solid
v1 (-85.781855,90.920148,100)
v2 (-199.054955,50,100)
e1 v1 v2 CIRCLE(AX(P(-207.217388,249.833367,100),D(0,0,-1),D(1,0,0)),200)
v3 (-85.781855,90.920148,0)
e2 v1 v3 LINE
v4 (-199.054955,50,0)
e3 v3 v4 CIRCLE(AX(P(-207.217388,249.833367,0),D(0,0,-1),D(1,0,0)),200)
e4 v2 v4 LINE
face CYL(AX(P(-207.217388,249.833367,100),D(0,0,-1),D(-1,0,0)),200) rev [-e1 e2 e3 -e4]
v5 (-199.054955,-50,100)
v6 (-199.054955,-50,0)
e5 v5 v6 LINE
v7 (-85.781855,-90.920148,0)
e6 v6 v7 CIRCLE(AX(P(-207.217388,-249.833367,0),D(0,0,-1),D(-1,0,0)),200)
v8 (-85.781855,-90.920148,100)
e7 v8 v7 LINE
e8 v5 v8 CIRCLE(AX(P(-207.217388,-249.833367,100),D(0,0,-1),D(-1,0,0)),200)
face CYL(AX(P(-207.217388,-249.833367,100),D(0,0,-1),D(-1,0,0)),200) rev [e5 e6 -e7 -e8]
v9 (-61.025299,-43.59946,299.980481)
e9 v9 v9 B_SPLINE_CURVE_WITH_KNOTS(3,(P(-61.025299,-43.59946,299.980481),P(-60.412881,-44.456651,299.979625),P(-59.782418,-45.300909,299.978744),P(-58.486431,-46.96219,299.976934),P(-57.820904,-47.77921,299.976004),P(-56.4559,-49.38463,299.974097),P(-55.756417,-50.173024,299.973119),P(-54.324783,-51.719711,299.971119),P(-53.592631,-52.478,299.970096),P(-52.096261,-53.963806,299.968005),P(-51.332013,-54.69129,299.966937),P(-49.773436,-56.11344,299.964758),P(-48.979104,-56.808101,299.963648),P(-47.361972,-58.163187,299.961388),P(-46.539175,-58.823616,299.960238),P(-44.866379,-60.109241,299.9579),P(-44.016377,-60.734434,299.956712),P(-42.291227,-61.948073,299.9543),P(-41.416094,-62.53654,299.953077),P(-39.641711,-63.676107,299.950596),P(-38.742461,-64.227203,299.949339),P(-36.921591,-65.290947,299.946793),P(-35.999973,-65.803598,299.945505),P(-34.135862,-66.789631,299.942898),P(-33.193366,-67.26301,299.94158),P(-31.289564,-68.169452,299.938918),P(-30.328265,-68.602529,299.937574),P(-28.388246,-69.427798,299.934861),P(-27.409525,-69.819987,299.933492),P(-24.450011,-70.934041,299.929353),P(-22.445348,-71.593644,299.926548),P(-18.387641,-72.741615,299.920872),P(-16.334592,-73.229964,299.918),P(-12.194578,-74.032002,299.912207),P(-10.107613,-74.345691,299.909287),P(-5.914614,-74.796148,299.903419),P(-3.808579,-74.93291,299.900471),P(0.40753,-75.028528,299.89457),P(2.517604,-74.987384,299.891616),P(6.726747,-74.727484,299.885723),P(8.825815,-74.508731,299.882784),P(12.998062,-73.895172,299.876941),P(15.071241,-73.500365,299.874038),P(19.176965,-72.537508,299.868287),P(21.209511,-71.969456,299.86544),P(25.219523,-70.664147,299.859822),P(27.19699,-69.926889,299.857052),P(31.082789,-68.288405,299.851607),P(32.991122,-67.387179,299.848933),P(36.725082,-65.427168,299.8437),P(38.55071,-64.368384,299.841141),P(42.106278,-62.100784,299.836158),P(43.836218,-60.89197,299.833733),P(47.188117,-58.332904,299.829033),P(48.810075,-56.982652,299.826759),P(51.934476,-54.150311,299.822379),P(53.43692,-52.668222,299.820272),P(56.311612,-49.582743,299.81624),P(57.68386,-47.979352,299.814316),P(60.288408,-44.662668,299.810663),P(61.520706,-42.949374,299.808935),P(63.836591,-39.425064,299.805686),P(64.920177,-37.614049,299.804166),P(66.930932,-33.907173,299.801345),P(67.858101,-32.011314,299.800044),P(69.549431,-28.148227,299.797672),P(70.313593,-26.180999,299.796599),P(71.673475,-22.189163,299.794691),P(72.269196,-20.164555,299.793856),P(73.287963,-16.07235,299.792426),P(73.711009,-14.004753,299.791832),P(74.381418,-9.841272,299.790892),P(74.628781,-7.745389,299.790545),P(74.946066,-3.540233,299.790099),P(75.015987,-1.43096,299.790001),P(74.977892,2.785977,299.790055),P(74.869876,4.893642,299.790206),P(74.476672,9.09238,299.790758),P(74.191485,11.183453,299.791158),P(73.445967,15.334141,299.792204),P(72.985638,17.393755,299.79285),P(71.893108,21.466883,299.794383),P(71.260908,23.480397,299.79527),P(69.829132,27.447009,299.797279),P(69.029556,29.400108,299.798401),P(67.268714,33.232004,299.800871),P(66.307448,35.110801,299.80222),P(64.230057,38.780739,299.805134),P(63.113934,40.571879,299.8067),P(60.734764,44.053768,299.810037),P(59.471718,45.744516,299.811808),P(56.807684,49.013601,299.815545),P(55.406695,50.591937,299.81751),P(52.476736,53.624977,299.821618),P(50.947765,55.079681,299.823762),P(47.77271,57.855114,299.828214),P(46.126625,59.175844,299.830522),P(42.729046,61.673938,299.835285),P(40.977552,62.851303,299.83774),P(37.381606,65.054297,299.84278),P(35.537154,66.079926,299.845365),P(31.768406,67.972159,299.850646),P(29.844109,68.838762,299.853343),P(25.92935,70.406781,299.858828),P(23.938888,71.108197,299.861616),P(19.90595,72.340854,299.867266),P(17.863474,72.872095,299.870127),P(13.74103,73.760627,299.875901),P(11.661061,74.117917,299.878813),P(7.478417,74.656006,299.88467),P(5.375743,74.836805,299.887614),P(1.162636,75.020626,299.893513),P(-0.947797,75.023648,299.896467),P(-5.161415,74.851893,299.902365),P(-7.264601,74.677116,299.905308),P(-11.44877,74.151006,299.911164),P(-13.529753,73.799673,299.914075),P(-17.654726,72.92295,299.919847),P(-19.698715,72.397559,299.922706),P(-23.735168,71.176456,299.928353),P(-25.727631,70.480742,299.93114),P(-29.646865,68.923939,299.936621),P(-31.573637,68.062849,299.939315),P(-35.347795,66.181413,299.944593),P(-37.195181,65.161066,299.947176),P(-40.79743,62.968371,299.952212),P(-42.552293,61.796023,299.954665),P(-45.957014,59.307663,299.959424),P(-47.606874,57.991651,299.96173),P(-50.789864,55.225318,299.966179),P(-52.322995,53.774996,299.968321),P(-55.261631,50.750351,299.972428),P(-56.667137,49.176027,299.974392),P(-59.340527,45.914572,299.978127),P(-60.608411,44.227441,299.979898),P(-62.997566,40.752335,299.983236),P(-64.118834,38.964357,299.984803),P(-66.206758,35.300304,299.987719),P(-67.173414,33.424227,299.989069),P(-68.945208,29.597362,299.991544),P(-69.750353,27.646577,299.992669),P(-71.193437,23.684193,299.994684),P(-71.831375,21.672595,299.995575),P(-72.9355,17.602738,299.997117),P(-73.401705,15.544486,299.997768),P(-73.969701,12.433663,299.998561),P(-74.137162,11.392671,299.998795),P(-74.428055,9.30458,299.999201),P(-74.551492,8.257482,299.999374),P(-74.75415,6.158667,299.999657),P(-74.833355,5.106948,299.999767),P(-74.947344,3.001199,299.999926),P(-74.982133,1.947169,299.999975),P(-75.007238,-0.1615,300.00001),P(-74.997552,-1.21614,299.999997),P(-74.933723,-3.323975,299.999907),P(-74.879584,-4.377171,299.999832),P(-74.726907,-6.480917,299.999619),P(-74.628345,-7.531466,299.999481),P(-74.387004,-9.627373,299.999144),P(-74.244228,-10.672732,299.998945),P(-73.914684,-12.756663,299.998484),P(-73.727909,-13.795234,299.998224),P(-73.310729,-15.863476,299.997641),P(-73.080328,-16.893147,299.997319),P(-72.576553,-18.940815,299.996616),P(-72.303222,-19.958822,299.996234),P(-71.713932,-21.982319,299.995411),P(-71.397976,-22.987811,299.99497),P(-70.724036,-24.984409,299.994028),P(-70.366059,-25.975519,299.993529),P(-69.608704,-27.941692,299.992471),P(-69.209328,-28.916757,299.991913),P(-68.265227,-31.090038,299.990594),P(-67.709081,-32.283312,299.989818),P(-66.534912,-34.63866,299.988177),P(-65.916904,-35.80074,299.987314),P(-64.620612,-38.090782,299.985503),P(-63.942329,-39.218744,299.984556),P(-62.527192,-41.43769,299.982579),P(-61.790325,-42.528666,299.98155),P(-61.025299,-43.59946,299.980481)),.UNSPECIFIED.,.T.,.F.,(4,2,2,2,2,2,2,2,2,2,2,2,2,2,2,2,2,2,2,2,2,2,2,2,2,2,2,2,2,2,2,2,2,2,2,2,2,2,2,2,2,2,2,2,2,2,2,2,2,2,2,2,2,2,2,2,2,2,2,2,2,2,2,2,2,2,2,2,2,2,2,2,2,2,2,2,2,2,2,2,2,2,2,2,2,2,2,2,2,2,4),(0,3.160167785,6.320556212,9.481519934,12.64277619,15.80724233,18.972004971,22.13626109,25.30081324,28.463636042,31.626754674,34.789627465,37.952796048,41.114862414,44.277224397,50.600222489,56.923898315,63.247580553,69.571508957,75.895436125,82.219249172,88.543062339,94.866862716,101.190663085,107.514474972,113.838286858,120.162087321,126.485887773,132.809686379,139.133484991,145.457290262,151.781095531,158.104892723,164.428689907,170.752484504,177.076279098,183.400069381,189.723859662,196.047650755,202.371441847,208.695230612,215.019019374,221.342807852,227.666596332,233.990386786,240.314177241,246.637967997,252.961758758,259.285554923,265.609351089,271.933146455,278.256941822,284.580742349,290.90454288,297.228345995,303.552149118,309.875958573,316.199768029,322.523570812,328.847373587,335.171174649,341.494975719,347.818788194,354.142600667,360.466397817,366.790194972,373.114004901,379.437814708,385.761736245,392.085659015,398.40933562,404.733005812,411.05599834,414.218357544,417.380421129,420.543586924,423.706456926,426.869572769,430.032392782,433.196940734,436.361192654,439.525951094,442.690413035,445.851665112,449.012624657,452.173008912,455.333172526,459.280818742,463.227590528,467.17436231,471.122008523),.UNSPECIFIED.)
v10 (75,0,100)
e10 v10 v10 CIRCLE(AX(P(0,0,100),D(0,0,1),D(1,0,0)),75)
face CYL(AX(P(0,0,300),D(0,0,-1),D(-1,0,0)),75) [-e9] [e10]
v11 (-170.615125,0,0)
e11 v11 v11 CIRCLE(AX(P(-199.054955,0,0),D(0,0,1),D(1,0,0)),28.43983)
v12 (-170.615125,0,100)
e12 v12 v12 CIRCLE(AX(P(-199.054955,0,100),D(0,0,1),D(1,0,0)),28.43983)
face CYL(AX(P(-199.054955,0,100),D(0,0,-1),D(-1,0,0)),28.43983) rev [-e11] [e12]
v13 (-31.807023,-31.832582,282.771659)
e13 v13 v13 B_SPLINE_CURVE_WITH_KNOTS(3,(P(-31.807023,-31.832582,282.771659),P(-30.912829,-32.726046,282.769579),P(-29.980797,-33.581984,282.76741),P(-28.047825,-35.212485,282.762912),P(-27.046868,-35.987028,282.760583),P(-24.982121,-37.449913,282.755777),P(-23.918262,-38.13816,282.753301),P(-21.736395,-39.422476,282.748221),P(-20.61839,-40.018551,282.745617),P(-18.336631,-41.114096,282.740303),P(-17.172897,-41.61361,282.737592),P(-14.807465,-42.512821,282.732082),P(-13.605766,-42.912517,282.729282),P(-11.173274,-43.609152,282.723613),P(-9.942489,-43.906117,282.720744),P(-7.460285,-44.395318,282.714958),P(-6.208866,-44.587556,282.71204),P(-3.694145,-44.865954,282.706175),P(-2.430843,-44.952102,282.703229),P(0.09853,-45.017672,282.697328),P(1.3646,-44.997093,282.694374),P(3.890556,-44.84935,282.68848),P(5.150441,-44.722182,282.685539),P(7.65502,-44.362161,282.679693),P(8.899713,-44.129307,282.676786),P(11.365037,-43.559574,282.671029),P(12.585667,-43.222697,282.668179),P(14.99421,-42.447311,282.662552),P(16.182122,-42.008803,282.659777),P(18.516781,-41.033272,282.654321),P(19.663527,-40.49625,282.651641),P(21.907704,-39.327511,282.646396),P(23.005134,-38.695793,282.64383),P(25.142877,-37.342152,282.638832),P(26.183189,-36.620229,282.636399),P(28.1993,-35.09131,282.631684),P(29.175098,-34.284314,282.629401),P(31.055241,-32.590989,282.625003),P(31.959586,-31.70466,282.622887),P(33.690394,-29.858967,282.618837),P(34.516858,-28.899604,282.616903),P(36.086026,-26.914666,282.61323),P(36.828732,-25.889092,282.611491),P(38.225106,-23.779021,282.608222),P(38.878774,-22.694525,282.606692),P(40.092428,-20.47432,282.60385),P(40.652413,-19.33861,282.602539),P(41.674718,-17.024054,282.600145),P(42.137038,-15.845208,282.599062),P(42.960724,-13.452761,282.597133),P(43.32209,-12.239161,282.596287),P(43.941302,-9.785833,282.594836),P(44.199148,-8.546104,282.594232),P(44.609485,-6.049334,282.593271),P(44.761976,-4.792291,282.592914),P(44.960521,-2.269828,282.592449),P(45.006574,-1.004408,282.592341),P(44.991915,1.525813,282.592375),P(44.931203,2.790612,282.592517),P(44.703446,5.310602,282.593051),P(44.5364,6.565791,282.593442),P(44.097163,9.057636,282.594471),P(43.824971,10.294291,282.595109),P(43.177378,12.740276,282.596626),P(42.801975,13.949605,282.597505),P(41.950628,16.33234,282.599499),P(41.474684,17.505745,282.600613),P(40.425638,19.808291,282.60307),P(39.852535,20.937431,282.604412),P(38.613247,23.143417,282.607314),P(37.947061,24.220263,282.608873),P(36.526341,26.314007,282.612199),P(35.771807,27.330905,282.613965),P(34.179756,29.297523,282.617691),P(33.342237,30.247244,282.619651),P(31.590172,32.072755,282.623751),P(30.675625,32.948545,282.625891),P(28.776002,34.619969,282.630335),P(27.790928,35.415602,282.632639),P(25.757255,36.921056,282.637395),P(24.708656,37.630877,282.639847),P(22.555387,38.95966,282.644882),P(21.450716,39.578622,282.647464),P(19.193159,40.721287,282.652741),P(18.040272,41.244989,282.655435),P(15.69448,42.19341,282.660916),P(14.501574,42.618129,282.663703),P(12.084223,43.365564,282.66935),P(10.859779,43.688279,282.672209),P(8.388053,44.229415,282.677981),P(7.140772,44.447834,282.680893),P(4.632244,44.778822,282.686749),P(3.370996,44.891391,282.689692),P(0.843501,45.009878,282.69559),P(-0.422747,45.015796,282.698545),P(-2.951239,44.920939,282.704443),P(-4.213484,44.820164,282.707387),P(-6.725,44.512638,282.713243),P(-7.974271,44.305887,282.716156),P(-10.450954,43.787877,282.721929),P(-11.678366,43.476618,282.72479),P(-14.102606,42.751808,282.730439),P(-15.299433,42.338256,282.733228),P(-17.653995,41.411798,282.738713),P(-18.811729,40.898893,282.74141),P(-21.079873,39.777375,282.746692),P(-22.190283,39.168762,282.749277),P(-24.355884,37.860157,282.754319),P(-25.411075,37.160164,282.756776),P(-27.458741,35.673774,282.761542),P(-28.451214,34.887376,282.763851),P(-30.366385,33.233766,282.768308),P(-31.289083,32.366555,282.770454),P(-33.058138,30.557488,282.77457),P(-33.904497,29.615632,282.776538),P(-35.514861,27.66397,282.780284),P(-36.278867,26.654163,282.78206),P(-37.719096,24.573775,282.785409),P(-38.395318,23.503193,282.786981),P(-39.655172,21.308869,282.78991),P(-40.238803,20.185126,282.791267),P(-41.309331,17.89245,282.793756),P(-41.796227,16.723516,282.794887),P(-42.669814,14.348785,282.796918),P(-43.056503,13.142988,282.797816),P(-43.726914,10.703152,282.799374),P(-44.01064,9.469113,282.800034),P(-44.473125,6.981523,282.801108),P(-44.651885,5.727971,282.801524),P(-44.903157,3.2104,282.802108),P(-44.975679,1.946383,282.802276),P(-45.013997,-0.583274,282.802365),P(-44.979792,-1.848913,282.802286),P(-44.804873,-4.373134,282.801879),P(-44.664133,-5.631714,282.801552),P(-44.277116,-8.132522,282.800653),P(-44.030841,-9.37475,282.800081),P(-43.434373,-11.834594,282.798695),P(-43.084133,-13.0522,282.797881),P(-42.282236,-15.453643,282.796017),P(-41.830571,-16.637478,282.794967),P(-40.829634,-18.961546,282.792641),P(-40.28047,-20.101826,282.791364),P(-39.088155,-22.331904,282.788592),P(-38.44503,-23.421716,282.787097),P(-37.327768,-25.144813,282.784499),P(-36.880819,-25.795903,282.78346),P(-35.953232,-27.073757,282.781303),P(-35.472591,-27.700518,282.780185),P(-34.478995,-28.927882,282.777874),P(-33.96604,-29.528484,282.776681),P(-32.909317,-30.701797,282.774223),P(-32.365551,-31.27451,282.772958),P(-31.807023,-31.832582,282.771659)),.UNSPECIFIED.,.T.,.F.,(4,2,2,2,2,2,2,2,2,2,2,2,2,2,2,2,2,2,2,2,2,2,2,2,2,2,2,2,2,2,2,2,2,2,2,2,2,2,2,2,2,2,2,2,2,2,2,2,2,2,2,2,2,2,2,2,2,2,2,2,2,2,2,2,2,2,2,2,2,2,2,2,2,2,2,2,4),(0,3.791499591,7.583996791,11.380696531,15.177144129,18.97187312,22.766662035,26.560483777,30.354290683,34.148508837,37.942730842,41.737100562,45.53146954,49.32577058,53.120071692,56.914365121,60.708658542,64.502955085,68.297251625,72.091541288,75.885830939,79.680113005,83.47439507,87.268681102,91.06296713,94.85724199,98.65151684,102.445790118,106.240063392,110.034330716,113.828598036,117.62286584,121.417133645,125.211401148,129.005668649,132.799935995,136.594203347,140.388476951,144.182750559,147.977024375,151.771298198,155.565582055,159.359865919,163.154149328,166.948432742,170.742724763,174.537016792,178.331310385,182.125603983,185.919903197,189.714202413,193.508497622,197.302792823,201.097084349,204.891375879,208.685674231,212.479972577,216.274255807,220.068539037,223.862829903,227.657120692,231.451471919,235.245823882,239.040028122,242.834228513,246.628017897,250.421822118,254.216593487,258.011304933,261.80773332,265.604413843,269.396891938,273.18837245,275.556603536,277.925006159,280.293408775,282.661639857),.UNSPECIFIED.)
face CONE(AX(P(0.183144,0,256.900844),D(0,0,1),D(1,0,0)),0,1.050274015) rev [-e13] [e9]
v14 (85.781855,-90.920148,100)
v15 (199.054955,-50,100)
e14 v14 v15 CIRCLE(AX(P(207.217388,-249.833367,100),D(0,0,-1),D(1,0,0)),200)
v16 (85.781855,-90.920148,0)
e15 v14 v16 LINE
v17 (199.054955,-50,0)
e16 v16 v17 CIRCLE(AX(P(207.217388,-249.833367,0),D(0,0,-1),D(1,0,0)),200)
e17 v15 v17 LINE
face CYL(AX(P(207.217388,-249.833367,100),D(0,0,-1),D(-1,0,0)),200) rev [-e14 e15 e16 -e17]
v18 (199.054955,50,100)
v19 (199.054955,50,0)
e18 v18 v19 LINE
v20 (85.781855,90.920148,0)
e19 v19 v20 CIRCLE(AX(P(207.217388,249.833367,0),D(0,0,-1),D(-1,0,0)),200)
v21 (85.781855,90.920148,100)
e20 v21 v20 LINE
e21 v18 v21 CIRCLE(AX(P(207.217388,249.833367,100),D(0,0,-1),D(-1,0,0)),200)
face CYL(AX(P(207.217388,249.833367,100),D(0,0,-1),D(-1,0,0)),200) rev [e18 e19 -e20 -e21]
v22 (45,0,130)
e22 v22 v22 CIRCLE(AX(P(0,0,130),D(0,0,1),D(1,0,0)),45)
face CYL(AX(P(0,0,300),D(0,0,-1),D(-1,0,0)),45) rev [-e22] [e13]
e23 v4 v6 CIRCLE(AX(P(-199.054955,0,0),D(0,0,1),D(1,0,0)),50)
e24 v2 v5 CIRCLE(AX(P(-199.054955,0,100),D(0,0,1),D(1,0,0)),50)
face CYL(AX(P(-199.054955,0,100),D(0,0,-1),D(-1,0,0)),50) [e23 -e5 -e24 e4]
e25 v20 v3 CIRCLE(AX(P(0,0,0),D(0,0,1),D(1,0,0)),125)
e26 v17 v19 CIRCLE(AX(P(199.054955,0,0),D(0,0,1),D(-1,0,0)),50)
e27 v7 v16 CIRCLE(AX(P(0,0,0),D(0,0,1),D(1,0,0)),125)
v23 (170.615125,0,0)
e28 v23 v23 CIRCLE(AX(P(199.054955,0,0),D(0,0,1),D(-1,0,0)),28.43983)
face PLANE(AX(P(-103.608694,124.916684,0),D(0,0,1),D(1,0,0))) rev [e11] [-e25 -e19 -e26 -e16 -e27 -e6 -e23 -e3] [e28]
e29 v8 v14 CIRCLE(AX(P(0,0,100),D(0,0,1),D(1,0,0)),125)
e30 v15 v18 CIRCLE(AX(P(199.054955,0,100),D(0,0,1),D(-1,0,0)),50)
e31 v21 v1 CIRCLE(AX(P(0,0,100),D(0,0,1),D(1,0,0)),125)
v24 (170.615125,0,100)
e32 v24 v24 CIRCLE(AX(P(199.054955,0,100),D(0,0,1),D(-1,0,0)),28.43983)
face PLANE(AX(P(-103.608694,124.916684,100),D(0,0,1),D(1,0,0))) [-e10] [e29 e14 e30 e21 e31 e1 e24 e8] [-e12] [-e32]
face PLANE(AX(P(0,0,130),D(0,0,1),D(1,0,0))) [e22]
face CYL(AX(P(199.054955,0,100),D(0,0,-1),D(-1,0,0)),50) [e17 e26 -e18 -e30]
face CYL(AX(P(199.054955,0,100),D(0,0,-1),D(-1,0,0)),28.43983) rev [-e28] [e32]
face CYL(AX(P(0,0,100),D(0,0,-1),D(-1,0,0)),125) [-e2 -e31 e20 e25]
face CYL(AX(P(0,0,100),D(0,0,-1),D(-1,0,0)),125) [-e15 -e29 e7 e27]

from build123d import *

# Parameters (mm, degrees)
SKETCH1_R           = 28.439830306
BOSS_EXTRUDE1_DEPTH = 100
SKETCH2_R           = 75
BOSS_EXTRUDE2_DEPTH = 200
SHELL2_T            = -30


with BuildPart() as part:
    # Sketch1 → Boss-Extrude1 (new body)
    with BuildSketch(Plane.XY):
        with BuildLine():
            ThreePointArc((-85.781855353, -90.920147889), (0, -125), (85.781855353, -90.920147889))
            ThreePointArc((85.781855353, -90.920147889), (139.265031386, -61.731062237), (199.054955441, -50))
            ThreePointArc((199.054955441, -50), (249.054955441, 0), (199.054955441, 50))
            ThreePointArc((199.054955441, 50), (139.265031386, 61.731062237), (85.781855353, 90.920147889))
            ThreePointArc((85.781855353, 90.920147889), (0, 125), (-85.781855353, 90.920147889))
            ThreePointArc((-85.781855353, 90.920147889), (-139.265031386, 61.731062237), (-199.054955441, 50))
            ThreePointArc((-199.054955441, 50), (-249.054955441, 0), (-199.054955441, -50))
            ThreePointArc((-199.054955441, -50), (-139.265031386, -61.731062237), (-85.781855353, -90.920147889))
        make_face()
        with Locations((-199.054955441, 0)):
            Circle(SKETCH1_R, mode=Mode.SUBTRACT)
        with Locations((199.054955441, 0)):
            Circle(SKETCH1_R, mode=Mode.SUBTRACT)
    extrude(amount=BOSS_EXTRUDE1_DEPTH)


with BuildPart() as body_2:
    # Sketch2 → Boss-Extrude2 (new body)
    with BuildSketch(Plane.XY.offset(100)):
        Circle(SKETCH2_R)
    extrude(amount=BOSS_EXTRUDE2_DEPTH)

    # Shell2
    shell2_openings = [body_2.faces().sort_by_distance(p)[0] for p in [
        (0, 0, 300),
    ]]
    offset(amount=SHELL2_T, openings=shell2_openings, kind=Kind.INTERSECTION)

    # Combine1: union part
    add(part.part)

    # Sketch4 → Cut-Revolve1 (revolve, cut)
    with BuildSketch(Plane(origin=(0, 0, 0), x_dir=(1, 0, 0), z_dir=(0, 1, 0))):
        Polygon((0.183143778, -256.900843522), (-75, -300), (0.183143778, -300), align=None)
    revolve(axis=Axis((0.183143778, 0, 300), (0, 0, -1)), mode=Mode.SUBTRACT)


solid = body_2.part
